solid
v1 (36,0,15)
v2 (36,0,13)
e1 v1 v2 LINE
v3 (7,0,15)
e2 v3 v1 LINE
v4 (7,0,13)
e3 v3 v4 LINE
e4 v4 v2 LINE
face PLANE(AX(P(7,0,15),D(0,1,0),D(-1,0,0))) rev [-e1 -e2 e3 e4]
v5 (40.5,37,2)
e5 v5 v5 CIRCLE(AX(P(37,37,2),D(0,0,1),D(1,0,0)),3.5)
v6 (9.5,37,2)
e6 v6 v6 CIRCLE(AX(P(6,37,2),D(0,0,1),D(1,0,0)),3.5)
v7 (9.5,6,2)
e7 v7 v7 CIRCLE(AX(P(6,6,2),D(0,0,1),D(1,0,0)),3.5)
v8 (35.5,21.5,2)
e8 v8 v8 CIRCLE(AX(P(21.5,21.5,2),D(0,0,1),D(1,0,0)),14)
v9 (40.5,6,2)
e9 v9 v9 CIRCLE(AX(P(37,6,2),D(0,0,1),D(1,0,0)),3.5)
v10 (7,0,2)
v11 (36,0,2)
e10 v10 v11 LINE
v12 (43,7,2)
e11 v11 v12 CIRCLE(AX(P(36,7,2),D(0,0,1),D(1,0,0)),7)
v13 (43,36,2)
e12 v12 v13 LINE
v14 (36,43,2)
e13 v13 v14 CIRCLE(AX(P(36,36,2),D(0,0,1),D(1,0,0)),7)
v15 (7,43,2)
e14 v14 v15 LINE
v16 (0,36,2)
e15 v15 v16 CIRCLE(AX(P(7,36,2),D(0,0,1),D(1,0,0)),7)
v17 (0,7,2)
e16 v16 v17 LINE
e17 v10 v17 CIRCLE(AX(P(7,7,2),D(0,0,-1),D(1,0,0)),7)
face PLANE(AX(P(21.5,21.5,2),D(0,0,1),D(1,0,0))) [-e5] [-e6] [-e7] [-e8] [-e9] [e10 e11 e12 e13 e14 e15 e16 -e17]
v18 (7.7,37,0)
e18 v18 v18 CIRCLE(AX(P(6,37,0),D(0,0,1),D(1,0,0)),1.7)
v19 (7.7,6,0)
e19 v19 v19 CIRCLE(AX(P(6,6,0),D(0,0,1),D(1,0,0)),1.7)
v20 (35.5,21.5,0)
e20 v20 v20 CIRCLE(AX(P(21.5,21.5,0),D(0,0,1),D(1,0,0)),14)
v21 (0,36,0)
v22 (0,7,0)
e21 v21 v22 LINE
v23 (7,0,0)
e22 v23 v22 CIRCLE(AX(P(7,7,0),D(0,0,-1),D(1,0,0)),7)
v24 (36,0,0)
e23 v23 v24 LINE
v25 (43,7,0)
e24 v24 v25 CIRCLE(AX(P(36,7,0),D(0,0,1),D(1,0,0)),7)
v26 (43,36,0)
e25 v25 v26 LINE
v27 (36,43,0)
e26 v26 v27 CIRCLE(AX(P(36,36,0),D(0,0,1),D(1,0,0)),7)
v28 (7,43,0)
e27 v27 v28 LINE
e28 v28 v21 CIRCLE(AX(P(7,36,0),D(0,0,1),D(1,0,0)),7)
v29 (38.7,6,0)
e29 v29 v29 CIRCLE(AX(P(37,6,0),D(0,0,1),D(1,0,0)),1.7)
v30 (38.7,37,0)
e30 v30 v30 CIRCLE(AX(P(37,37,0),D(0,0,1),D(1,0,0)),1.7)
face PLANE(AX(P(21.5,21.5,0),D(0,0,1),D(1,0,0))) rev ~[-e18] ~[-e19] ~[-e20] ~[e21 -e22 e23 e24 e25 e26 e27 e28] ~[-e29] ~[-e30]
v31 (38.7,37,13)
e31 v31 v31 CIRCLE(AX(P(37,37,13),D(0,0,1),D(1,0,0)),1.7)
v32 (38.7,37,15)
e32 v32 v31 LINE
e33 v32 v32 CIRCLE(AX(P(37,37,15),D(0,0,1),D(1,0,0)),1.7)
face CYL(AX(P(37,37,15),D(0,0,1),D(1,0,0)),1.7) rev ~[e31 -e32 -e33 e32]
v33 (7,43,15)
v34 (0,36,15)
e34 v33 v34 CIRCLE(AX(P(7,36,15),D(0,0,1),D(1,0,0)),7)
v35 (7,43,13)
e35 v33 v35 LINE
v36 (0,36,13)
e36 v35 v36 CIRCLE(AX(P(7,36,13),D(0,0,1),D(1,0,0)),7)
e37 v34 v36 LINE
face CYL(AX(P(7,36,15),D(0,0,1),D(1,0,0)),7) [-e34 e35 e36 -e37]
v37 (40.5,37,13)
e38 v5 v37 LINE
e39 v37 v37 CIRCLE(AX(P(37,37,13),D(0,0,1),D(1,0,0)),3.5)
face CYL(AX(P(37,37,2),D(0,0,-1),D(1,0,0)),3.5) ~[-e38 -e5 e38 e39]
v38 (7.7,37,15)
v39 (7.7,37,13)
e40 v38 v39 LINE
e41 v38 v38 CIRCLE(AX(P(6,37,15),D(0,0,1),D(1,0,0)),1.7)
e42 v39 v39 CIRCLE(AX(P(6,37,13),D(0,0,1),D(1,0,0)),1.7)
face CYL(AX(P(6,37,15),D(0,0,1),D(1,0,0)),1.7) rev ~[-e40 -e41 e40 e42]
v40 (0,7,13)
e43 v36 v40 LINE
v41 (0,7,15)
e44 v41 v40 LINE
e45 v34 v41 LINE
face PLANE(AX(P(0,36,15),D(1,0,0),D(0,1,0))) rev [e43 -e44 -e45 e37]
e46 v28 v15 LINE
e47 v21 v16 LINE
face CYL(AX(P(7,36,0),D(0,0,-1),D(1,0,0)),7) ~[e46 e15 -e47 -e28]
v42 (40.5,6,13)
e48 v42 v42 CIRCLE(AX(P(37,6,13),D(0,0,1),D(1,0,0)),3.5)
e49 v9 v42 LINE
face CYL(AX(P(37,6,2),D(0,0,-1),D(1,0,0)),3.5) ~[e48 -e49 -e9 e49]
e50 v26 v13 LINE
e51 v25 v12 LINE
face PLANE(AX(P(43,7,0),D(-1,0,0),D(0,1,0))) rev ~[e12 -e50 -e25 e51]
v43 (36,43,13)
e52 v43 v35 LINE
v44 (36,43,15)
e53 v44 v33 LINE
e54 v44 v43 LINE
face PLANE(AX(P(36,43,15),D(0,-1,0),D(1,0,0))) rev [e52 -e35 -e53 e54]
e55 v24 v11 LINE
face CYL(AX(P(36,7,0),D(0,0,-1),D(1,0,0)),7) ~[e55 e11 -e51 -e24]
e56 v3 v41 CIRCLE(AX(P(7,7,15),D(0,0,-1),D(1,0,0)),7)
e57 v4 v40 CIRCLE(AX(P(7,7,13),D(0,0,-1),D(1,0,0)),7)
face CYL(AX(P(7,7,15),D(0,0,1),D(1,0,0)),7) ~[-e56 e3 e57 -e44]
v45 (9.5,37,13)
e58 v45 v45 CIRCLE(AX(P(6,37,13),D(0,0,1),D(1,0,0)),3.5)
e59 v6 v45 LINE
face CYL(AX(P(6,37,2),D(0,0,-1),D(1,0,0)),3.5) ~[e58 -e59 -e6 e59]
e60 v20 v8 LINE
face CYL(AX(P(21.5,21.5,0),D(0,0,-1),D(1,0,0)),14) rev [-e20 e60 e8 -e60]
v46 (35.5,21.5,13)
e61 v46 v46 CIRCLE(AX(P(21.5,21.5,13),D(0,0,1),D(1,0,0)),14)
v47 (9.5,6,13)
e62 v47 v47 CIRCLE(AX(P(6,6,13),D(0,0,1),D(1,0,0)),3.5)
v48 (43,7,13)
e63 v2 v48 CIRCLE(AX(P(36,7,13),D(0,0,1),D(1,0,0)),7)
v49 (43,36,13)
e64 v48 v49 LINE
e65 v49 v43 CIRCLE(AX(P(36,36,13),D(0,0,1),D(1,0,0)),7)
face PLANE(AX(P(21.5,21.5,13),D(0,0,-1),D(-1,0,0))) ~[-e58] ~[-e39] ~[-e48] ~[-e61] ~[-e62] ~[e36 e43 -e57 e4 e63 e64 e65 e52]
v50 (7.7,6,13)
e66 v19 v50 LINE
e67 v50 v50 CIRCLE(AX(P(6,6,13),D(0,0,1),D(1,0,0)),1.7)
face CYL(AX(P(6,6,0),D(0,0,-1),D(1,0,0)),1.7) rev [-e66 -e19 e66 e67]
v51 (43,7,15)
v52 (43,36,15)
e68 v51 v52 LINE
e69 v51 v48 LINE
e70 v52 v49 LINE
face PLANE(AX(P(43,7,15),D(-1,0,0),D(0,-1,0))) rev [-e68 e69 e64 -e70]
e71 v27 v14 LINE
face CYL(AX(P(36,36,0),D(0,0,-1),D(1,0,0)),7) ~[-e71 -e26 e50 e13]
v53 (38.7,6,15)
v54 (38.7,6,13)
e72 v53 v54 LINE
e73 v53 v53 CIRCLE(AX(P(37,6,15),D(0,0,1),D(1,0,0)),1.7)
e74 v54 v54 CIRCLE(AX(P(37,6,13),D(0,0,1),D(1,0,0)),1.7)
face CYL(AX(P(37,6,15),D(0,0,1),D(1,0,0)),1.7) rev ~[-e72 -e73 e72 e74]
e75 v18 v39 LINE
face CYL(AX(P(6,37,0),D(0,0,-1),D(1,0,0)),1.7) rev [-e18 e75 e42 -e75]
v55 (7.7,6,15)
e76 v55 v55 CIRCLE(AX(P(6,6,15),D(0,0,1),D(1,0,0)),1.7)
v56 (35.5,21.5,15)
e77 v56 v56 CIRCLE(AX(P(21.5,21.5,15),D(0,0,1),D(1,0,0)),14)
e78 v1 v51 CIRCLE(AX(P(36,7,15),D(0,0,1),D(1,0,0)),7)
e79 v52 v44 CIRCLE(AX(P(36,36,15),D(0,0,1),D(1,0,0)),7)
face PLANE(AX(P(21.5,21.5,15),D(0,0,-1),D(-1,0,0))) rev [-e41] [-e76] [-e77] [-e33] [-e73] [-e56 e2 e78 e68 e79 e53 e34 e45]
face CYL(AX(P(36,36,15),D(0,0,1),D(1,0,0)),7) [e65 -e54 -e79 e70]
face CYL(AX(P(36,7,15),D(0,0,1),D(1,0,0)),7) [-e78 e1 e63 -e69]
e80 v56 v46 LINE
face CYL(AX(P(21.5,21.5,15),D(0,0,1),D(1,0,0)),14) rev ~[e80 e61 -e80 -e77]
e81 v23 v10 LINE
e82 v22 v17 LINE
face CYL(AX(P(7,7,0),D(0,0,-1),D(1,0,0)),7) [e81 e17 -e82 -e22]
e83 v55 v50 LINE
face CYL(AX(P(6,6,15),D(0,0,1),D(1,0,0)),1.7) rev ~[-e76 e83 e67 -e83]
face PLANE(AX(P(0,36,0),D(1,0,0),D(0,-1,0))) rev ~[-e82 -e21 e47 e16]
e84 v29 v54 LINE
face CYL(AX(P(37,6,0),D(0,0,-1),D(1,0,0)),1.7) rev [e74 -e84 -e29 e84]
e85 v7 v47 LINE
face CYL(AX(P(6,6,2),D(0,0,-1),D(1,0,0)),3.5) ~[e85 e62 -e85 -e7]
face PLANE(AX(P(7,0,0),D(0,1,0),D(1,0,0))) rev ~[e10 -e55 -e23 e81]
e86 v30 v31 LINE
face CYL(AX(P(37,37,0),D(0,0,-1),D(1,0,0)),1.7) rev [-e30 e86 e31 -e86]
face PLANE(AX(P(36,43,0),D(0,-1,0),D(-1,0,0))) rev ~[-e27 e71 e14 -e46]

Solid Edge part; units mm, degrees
sketch "Sketch1" plane through (0, 0, 0) normal (0, 0, 1) x (1, 0, 0)
  line L0 (7, 0) -> (36, 0)
  arc A0 (36, 0) -> (43, 7) centre (36, 7) ccw
  line L1 (43, 7) -> (43, 36)
  arc A1 (43, 36) -> (36, 43) centre (36, 36) ccw
  line L2 (36, 43) -> (7, 43)
  arc A2 (7, 43) -> (0, 36) centre (7, 36) ccw
  line L3 (0, 36) -> (0, 7)
  arc A3 (7, 0) -> (0, 7) centre (7, 7) cw
  circle A4 centre (21.5, 21.5) radius 14
  circle A5 centre (6, 37) radius 1.7
  circle A6 centre (37, 37) radius 1.7
  circle A7 centre (6, 6) radius 1.7
  circle A8 centre (37, 6) radius 1.7
extrude "Protrusion1" add sketch "Sketch1" along normal blind 2
sketch "Sketch2" plane through (21.5, 21.5, 2) normal (0, 0, 1) x (1, 0, 0)
  circle A0 centre (-15.5, -15.5) radius 3.5
  circle A1 centre (-15.5, 15.5) radius 3.5
  circle A2 centre (15.5, 15.5) radius 3.5
  circle A3 centre (15.5, -15.5) radius 3.5
  circle A4 centre (-15.5, 15.5) radius 1.7
  circle A5 centre (15.5, 15.5) radius 1.7
  circle A6 centre (-15.5, -15.5) radius 1.7
  circle A7 centre (15.5, -15.5) radius 1.7
extrude "ExtrudedProtrusion_2" add sketch "Sketch2" along normal blind 11
mirror "Mirror1" about plane through (21.5, 21.5, 7.5) normal (0, 0, -1) of "Protrusion1"
